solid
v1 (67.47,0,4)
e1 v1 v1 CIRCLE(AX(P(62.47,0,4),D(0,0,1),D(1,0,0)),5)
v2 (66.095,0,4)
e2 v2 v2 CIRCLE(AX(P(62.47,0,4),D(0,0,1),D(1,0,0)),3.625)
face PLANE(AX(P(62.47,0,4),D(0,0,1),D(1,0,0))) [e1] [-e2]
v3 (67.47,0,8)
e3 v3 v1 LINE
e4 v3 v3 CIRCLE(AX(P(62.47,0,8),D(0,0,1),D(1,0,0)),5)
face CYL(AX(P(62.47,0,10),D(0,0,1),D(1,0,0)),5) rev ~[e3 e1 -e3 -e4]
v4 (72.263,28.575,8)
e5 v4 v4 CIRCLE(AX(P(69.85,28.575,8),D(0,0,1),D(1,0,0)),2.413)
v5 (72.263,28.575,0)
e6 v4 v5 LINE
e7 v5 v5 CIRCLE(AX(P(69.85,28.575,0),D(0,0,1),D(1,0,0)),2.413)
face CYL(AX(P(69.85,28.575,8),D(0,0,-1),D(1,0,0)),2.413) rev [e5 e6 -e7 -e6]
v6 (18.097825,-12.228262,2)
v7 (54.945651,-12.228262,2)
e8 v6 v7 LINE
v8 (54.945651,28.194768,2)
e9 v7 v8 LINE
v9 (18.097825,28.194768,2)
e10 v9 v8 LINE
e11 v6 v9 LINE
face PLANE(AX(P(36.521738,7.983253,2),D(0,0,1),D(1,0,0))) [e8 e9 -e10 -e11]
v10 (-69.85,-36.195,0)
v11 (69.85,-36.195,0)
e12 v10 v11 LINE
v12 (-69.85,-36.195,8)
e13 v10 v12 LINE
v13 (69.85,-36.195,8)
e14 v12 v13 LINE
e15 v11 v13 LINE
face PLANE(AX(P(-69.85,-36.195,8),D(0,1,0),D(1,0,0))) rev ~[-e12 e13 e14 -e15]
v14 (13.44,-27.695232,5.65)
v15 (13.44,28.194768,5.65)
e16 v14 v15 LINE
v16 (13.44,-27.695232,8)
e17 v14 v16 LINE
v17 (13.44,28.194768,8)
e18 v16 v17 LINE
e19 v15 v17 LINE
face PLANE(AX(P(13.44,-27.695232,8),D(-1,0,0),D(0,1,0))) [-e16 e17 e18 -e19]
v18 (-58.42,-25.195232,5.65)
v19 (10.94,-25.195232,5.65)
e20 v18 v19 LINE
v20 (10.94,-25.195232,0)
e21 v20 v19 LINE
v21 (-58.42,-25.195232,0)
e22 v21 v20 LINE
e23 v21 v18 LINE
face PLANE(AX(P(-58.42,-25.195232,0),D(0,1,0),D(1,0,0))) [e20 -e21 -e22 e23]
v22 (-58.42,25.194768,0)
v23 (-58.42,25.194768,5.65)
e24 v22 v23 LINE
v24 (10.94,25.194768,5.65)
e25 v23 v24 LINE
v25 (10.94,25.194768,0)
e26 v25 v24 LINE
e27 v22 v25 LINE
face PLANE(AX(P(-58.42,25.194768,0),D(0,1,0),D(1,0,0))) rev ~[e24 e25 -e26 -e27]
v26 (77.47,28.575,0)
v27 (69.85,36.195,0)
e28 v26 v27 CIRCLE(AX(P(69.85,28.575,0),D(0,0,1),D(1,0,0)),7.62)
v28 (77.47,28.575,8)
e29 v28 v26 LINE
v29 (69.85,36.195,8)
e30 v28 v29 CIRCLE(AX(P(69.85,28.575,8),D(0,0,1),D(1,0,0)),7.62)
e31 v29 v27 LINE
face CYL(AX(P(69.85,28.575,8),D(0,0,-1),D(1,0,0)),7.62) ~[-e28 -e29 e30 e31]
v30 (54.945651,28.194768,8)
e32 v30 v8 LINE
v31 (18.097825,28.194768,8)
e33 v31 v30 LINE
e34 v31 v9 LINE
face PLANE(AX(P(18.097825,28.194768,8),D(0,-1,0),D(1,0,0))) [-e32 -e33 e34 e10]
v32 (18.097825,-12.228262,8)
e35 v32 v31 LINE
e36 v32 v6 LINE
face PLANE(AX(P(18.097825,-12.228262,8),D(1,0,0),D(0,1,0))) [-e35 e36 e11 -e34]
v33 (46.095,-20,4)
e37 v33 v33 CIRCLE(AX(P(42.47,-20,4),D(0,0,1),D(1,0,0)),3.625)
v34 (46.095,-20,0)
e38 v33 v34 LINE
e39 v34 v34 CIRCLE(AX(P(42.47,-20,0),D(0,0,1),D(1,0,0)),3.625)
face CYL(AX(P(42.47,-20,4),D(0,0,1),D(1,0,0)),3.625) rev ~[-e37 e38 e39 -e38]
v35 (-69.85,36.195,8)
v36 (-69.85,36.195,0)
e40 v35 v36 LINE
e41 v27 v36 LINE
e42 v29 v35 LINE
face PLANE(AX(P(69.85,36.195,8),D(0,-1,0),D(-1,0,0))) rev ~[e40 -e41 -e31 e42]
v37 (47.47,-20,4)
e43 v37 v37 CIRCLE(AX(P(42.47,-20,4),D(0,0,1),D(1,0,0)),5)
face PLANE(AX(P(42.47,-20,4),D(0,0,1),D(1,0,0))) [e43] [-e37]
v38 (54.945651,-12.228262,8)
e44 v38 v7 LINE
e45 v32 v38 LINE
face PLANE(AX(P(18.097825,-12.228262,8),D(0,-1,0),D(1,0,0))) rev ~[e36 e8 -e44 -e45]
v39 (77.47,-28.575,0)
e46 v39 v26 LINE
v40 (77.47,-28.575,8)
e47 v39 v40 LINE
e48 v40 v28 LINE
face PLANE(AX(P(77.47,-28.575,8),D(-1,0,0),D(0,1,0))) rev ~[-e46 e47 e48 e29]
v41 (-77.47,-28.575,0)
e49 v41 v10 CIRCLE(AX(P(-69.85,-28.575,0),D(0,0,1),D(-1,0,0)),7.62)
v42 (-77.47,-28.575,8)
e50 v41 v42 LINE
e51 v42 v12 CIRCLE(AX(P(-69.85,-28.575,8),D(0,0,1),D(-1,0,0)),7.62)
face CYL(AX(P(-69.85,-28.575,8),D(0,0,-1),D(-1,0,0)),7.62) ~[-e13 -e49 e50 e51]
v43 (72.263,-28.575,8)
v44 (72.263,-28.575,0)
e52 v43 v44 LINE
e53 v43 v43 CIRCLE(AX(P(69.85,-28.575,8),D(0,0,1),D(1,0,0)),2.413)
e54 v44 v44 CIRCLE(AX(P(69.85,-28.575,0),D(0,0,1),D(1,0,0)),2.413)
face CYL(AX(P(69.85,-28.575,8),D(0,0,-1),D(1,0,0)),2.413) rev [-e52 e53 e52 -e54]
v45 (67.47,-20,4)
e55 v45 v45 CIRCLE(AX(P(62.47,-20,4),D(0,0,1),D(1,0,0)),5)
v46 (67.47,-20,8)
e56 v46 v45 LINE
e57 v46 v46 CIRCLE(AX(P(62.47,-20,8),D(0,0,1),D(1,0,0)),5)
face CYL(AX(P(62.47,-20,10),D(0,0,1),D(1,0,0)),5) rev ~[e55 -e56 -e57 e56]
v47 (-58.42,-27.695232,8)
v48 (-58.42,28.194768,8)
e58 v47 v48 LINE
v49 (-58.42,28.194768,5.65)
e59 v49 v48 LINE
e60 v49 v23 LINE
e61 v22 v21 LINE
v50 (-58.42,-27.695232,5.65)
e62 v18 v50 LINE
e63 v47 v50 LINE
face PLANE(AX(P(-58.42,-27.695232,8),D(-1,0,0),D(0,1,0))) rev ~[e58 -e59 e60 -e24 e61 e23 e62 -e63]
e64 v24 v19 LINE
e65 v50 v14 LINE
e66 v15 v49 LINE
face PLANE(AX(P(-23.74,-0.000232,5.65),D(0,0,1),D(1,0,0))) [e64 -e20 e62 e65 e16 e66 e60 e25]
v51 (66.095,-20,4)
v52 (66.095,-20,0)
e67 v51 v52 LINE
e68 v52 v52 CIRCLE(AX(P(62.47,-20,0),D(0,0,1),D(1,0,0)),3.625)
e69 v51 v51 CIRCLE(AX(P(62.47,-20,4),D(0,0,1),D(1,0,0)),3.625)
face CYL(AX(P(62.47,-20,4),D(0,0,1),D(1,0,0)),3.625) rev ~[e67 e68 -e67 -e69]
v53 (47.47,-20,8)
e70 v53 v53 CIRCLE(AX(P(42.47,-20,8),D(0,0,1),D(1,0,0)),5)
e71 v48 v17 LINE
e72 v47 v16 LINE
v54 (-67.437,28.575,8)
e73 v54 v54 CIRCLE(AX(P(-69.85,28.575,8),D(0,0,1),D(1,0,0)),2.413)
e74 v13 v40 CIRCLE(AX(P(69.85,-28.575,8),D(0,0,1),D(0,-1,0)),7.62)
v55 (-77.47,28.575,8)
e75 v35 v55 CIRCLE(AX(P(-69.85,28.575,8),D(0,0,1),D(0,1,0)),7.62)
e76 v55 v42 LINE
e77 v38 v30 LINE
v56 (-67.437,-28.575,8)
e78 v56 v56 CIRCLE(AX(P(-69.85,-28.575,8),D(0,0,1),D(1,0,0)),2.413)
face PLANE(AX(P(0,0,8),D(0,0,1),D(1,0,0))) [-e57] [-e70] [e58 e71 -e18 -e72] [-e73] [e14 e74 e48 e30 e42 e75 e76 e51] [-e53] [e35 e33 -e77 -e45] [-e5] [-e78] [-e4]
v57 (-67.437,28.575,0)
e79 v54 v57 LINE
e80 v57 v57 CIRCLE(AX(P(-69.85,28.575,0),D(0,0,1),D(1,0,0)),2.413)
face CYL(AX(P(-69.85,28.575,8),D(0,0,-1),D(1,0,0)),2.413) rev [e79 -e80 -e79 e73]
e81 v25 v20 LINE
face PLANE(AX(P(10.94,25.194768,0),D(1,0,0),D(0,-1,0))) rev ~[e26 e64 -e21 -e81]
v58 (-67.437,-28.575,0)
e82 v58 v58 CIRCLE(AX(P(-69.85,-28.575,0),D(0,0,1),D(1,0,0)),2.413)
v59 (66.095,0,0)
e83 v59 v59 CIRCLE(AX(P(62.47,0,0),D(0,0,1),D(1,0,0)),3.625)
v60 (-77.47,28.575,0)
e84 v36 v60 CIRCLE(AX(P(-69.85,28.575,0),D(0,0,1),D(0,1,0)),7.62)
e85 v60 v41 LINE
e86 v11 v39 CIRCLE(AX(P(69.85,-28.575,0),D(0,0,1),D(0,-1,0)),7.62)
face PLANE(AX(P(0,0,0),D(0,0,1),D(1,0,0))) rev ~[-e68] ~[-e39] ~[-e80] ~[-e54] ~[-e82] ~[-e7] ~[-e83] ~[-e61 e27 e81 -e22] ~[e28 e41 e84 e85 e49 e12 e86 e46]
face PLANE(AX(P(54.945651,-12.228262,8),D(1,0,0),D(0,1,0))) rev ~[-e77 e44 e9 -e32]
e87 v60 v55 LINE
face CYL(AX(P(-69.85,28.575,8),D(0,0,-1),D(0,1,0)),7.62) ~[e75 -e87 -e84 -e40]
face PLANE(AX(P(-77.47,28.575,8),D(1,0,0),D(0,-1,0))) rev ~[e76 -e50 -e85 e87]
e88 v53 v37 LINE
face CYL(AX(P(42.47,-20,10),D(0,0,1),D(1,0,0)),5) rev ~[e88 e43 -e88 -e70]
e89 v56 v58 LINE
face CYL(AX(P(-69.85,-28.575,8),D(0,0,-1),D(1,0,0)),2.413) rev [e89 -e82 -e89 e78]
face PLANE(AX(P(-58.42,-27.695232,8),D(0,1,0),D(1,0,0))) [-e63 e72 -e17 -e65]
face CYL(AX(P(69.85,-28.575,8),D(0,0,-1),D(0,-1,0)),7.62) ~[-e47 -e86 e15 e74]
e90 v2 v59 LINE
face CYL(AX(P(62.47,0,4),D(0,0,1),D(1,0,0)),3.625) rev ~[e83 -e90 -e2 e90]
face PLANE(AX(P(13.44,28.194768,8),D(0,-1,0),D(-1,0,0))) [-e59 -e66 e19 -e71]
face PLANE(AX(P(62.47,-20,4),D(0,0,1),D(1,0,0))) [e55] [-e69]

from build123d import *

# Parameters (mm, degrees)
F0_R      = 2.413
F1_DEPTH  = 8
F2_W      = 69.36
F2_H      = 50.39
F3_DEPTH  = 25.4
F4_W      = 69.36
F4_H      = 50.39
F5_DEPTH  = 2.35
F6_DEPTH  = 2
F7_R      = 5
F8_DEPTH  = 6
F9_R      = 3.625
F10_DEPTH = 25.4
F11_R     = 3.625
F12_DEPTH = 25.4
F13_R     = 3.625
F14_DEPTH = 25.4
F15_R     = 2.413
F15_R_2   = 5
F15_W     = 71.86
F15_H     = 55.89
F16_DEPTH = 2
F17_W     = 36.8478260934
F17_H     = 40.4230296794
F18_DEPTH = 6


with BuildPart() as f1:
    # F0 (on Top) → F1 (new body)
    with BuildSketch(Plane.XY):
        with BuildLine():
            ThreePointArc((-69.85, 36.195), (-75.2381536726, 33.9631536726), (-77.47, 28.575))
            Line((-77.47, 28.575), (-77.47, 0))
            Line((-77.47, 0), (-77.47, -28.575))
            ThreePointArc((-77.47, -28.575), (-75.2381536726, -33.9631536726), (-69.85, -36.195))
            Line((-69.85, -36.195), (0, -36.195))
            Line((0, -36.195), (69.85, -36.195))
            ThreePointArc((69.85, -36.195), (75.2381536726, -33.9631536726), (77.47, -28.575))
            Line((77.47, -28.575), (77.47, 0))
            Line((77.47, 0), (77.47, 28.575))
            ThreePointArc((77.47, 28.575), (75.2381536726, 33.9631536726), (69.85, 36.195))
            Line((69.85, 36.195), (0, 36.195))
            Line((0, 36.195), (-69.85, 36.195))
        make_face()
        with Locations((-69.85, -28.575)):
            Circle(F0_R, mode=Mode.SUBTRACT)
        with Locations((69.85, -28.575)):
            Circle(F0_R, mode=Mode.SUBTRACT)
        with Locations((-69.85, 28.575)):
            Circle(F0_R, mode=Mode.SUBTRACT)
        with Locations((69.85, 28.575)):
            Circle(F0_R, mode=Mode.SUBTRACT)
    extrude(amount=F1_DEPTH)

    # F2 (on face) → F3 (cut)
    with BuildSketch(Plane(origin=(0, 0, 0), x_dir=(1, 0, 0), z_dir=(0, 0, -1))):
        with Locations((-23.74, 0.000232)):
            Rectangle(F2_W, F2_H)
    extrude(amount=-F3_DEPTH, mode=Mode.SUBTRACT)

    # F4 (on face) → F5 (cut)
    with BuildSketch(Plane.XY.offset(8)):
        with Locations((-23.74, -0.000232)):
            Rectangle(F4_W, F4_H)
        Polygon((-58.42, -25.195232), (-58.42, -27.695232), (13.44, -27.695232), (13.44, 28.194768), (-58.42, 28.194768), (-58.42, 25.194768), (10.94, 25.194768), (10.94, -25.195232), align=None)
    extrude(amount=-F5_DEPTH, mode=Mode.SUBTRACT)

    # F6 (add): a face of the model
    f6_faces = [f1.faces().sort_by_distance(p)[0] for p in [
        (-74.0288829068, 32.7538829068, 8),
    ]]
    extrude(f6_faces, amount=F6_DEPTH)

    # F7 (on face) → F8 (cut)
    with BuildSketch(Plane.XY.offset(10)):
        with Locations((62.47, -20)):
            Circle(F7_R)
        with Locations((42.47, -20)):
            Circle(F7_R)
        with Locations((62.47, 0)):
            Circle(F7_R)
    extrude(amount=-F8_DEPTH, mode=Mode.SUBTRACT)

    # F9 (on face) → F10 (cut)
    with BuildSketch(Plane.XY.offset(4)):
        with Locations((62.47, 0)):
            Circle(F9_R)
    extrude(amount=-F10_DEPTH, mode=Mode.SUBTRACT)

    # F11 (on face) → F12 (cut)
    with BuildSketch(Plane.XY.offset(4)):
        with Locations((62.47, -20)):
            Circle(F11_R)
    extrude(amount=-F12_DEPTH, mode=Mode.SUBTRACT)

    # F13 (on face) → F14 (cut)
    with BuildSketch(Plane.XY.offset(4)):
        with Locations((42.47, -20)):
            Circle(F13_R)
    extrude(amount=-F14_DEPTH, mode=Mode.SUBTRACT)

    # F15 (on face) → F16 (cut)
    with BuildSketch(Plane.XY.offset(10)):
        with BuildLine():
            Line((69.85, 36.195), (-69.85, 36.195))
            ThreePointArc((-69.85, 36.195), (-75.2381536726, 33.9631536726), (-77.47, 28.575))
            Line((-77.47, 28.575), (-77.47, -28.575))
            ThreePointArc((-77.47, -28.575), (-75.2381536726, -33.9631536726), (-69.85, -36.195))
            Line((-69.85, -36.195), (69.85, -36.195))
            ThreePointArc((69.85, -36.195), (75.2381536726, -33.9631536726), (77.47, -28.575))
            Line((77.47, -28.575), (77.47, 28.575))
            ThreePointArc((77.47, 28.575), (75.2381536726, 33.9631536726), (69.85, 36.195))
        make_face()
        with Locations((-69.85, -28.575)):
            Circle(F15_R, mode=Mode.SUBTRACT)
        with Locations((69.85, -28.575)):
            Circle(F15_R, mode=Mode.SUBTRACT)
        with Locations((42.47, -20)):
            Circle(F15_R_2, mode=Mode.SUBTRACT)
        with Locations((62.47, -20)):
            Circle(F15_R_2, mode=Mode.SUBTRACT)
        with Locations((-22.49, 0.249768)):
            Rectangle(F15_W, F15_H, mode=Mode.SUBTRACT)
        with Locations((-69.85, 28.575)):
            Circle(F15_R, mode=Mode.SUBTRACT)
        with Locations((62.47, 0)):
            Circle(F15_R_2, mode=Mode.SUBTRACT)
        with Locations((69.85, 28.575)):
            Circle(F15_R, mode=Mode.SUBTRACT)
    extrude(amount=-F16_DEPTH, mode=Mode.SUBTRACT)

    # F17 (on face) → F18 (cut)
    with BuildSketch(Plane.XY.offset(8)):
        with Locations((36.5217383951, 7.9832531603)):
            Rectangle(F17_W, F17_H)
    extrude(amount=-F18_DEPTH, mode=Mode.SUBTRACT)


solid = f1.part
